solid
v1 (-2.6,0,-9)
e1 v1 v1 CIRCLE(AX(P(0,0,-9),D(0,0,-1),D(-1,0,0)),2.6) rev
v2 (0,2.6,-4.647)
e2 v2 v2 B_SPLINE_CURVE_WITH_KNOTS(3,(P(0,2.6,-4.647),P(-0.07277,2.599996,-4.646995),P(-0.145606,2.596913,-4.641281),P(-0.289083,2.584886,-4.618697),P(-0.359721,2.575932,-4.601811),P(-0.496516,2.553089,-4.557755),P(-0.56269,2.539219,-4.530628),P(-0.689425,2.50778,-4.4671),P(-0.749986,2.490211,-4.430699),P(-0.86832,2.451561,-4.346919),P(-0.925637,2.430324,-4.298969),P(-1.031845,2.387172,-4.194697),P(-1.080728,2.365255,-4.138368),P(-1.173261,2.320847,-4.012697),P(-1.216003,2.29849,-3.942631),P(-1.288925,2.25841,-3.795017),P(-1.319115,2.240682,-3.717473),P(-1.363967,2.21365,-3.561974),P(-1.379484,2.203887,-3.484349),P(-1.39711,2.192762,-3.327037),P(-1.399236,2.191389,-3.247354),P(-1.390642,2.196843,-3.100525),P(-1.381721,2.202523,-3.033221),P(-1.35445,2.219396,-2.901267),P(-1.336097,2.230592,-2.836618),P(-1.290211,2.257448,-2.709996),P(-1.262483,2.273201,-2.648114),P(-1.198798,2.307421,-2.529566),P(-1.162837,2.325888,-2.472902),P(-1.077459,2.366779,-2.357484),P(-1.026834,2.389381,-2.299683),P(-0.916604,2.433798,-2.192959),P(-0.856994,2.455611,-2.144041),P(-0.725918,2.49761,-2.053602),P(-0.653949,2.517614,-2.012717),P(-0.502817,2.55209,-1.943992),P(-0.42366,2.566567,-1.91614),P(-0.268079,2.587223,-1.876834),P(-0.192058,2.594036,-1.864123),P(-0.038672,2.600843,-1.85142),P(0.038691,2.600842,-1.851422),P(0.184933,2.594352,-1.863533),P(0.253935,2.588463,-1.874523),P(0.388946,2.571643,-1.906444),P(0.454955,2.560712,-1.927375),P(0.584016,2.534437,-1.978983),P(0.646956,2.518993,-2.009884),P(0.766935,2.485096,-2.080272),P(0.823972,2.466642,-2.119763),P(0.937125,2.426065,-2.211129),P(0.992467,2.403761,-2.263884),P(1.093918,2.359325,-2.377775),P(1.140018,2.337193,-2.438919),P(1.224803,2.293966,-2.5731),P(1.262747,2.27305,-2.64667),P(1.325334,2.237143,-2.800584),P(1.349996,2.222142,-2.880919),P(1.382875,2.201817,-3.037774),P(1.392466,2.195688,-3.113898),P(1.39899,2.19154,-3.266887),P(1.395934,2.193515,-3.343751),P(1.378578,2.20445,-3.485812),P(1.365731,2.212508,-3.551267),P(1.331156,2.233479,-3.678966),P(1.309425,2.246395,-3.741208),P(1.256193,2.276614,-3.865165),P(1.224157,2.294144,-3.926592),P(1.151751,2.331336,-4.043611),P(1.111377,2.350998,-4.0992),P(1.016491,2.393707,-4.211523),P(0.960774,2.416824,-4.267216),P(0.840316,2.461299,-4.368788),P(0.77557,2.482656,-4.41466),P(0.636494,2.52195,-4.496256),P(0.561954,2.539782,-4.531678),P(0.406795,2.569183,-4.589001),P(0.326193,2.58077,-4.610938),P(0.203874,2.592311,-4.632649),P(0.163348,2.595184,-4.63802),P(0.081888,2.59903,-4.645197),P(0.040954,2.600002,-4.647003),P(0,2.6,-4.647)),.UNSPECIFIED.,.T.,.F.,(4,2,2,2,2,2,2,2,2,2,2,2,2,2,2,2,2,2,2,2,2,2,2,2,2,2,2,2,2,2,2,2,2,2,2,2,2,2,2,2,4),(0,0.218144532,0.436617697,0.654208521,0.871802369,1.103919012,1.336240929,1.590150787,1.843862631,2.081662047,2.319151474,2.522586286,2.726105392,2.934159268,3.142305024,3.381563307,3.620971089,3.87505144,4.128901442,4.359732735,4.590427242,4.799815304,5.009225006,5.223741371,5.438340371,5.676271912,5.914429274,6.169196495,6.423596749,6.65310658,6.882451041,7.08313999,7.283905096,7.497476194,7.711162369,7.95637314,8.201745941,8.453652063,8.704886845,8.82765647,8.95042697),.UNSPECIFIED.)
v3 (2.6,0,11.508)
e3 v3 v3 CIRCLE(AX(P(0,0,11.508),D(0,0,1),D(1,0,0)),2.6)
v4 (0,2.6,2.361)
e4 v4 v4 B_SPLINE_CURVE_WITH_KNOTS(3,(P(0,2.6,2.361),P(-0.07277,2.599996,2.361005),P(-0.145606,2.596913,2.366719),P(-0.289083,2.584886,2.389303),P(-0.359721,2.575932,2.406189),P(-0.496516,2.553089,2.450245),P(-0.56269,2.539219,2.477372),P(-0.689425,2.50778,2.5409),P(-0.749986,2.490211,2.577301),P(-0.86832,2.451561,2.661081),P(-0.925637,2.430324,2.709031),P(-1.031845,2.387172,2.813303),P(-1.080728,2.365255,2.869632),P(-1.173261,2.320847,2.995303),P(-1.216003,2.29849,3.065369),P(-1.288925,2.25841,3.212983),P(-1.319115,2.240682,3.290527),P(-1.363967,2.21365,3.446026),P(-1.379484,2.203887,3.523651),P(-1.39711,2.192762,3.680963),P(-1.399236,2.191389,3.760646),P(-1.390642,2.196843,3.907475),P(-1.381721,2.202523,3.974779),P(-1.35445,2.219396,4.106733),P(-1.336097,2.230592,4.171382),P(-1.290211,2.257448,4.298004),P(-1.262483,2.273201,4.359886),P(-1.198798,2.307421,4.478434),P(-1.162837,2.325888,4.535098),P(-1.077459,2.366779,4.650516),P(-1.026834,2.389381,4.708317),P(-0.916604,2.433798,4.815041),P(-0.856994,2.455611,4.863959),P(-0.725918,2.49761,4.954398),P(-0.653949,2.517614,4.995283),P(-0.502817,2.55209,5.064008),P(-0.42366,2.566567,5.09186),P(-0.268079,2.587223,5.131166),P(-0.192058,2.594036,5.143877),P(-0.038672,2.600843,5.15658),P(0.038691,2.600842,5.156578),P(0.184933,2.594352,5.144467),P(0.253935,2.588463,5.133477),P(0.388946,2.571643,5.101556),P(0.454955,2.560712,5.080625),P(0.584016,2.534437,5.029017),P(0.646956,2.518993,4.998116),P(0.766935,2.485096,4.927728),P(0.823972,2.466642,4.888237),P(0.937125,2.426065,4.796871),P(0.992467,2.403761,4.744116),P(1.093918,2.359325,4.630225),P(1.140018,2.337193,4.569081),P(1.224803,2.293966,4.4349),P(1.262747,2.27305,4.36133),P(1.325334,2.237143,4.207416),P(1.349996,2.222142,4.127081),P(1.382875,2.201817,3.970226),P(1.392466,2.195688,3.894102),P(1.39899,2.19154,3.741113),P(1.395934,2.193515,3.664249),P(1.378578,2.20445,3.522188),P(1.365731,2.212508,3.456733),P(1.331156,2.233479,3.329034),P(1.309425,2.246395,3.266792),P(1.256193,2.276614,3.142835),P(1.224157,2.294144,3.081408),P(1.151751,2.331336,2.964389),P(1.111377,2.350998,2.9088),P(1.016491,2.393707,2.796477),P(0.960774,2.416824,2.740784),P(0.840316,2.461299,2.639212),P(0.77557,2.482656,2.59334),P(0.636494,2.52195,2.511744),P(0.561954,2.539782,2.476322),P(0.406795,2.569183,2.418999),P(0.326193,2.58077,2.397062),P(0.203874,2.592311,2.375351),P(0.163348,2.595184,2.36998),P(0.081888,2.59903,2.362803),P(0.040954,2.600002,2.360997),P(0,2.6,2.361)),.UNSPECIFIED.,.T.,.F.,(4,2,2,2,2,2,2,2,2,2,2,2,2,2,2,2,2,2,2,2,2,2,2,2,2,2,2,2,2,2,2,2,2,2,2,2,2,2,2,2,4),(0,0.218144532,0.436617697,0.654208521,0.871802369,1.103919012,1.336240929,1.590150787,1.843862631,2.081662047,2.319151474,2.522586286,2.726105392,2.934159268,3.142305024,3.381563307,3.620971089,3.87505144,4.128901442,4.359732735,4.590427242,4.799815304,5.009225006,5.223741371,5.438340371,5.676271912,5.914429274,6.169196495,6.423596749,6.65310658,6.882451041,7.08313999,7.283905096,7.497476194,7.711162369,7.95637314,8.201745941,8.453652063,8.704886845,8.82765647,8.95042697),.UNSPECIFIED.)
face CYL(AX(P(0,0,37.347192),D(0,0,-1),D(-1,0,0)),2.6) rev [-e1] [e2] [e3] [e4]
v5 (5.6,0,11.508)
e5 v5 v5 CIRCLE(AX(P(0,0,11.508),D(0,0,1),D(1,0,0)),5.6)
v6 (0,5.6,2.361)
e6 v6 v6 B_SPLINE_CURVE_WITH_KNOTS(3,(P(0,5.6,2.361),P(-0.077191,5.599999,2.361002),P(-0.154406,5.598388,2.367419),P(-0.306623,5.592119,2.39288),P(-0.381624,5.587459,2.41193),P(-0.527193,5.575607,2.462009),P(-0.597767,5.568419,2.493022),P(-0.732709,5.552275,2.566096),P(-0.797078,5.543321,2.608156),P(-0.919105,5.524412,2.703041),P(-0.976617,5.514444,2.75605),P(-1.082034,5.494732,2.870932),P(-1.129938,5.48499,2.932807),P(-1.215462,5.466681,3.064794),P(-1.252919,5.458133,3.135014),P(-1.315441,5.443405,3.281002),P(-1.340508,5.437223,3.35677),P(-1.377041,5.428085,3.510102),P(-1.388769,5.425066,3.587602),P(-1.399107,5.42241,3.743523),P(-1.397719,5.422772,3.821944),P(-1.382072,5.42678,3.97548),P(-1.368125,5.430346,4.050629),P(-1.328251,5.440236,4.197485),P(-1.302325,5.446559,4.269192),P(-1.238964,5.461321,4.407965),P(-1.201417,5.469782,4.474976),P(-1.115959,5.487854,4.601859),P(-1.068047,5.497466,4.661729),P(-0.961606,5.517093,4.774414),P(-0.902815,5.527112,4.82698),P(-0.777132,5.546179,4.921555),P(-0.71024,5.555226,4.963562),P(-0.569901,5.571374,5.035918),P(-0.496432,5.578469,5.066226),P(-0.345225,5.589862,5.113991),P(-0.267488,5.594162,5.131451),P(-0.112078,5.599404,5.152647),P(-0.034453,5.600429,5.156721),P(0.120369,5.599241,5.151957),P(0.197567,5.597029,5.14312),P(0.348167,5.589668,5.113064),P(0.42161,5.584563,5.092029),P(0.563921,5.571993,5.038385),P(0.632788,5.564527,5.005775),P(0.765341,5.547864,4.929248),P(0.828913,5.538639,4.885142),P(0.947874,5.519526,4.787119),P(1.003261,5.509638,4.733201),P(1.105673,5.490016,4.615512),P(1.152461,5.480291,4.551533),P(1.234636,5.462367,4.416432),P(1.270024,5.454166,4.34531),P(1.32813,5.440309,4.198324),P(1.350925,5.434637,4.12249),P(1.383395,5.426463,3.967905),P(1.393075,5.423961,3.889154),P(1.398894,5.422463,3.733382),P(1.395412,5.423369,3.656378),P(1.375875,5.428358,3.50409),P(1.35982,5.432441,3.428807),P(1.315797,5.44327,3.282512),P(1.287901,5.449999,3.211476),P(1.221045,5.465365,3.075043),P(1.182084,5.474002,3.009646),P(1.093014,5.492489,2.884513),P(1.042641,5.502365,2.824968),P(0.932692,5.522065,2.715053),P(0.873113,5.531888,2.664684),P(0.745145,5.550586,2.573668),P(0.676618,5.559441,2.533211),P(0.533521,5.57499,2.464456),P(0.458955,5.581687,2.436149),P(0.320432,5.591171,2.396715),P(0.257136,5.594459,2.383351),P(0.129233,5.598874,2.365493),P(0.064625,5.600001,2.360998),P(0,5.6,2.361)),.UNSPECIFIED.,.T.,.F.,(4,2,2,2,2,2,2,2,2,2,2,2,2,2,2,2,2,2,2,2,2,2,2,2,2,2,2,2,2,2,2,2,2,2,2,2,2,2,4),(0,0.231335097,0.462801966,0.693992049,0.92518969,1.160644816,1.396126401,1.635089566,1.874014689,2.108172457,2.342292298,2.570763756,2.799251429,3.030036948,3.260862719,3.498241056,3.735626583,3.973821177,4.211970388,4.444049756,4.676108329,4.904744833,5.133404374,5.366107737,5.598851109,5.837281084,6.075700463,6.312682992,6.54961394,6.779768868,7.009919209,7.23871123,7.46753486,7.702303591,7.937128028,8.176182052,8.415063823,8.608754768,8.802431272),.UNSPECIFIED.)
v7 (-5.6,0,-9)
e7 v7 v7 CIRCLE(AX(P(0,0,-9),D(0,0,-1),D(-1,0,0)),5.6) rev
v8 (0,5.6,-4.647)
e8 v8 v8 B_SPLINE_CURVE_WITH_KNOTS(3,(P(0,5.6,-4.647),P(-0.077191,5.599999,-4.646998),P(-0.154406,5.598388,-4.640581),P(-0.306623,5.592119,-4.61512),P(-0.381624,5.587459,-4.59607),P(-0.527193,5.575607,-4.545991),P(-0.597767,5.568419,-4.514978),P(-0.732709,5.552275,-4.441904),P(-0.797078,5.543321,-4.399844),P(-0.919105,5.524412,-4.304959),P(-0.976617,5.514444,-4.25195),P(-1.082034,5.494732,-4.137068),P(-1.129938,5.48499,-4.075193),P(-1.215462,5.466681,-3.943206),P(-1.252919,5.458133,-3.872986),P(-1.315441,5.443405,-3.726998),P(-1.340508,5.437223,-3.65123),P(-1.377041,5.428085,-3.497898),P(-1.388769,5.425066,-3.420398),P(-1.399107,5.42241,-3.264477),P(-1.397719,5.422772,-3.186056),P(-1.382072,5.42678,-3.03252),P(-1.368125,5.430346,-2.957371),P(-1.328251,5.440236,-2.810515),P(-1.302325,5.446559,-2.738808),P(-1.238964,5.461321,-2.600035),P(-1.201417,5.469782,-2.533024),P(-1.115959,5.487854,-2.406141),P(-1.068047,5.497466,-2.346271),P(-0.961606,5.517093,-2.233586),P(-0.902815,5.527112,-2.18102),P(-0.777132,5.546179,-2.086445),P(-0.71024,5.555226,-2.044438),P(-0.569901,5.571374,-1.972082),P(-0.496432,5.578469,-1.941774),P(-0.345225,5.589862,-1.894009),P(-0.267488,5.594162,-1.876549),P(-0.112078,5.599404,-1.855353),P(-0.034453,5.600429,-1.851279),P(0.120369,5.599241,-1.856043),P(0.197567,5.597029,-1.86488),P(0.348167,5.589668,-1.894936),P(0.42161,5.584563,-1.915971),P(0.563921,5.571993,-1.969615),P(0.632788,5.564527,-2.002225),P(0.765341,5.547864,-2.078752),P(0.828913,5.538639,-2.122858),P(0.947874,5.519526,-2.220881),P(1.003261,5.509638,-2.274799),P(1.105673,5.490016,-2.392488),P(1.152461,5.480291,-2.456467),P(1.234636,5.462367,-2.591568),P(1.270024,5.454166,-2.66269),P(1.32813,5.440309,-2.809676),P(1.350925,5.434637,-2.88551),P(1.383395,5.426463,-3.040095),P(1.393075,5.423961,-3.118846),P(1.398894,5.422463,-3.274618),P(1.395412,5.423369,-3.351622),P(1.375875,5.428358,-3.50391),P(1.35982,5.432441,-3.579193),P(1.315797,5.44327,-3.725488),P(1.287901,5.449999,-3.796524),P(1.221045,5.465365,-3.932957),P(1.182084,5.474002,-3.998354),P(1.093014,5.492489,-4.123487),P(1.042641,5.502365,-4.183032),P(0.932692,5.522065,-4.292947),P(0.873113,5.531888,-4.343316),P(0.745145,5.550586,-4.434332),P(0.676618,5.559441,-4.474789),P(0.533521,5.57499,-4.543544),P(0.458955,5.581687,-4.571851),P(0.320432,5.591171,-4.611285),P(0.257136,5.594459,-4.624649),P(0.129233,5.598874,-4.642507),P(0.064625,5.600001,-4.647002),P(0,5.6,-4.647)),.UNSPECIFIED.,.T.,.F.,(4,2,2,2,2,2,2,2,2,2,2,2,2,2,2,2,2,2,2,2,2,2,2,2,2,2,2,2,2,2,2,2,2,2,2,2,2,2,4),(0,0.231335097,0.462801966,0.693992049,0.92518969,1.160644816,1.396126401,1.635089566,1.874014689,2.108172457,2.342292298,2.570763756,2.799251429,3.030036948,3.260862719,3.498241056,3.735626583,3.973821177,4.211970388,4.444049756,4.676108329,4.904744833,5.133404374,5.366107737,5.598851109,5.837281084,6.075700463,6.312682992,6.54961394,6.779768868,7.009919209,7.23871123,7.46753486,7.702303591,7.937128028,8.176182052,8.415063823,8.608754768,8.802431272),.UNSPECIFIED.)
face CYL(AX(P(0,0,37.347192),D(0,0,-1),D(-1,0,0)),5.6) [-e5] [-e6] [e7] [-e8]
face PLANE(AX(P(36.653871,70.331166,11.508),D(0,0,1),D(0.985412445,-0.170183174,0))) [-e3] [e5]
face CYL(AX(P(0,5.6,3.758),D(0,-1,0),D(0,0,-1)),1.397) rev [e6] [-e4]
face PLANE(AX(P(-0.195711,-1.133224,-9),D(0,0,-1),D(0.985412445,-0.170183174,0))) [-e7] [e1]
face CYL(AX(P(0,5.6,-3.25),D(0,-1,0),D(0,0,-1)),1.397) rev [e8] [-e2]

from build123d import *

# Parameters (mm, degrees)
SKETCH1_R                = 5.6
SKETCH1_R_2              = 2.6
BOSS_EXTRUDE1_DEPTH      = 11.508
BOSS_EXTRUDE1_DEPTH_BACK = 9
SKETCH3_R                = 1.397
CUT_EXTRUDE2_DEPTH       = 6.6


with BuildPart() as part:
    # Sketch1 → Boss-Extrude1 (new body, two sides)
    with BuildSketch(Plane.XY) as boss_extrude1_sk:
        Circle(SKETCH1_R)
        Circle(SKETCH1_R_2, mode=Mode.SUBTRACT)
    extrude(amount=BOSS_EXTRUDE1_DEPTH)
    extrude(boss_extrude1_sk.sketch, amount=-BOSS_EXTRUDE1_DEPTH_BACK)

    # Sketch3 → Cut-Extrude2 (cut, through all)
    with BuildSketch(Plane(origin=(0, 0, 0), x_dir=(1, 0, 0), z_dir=(0, 1, 0))):
        with Locations((0, -3.758)):
            Circle(SKETCH3_R)
        with Locations((0, 3.25)):
            Circle(SKETCH3_R)
    extrude(amount=CUT_EXTRUDE2_DEPTH, mode=Mode.SUBTRACT)


solid = part.part
